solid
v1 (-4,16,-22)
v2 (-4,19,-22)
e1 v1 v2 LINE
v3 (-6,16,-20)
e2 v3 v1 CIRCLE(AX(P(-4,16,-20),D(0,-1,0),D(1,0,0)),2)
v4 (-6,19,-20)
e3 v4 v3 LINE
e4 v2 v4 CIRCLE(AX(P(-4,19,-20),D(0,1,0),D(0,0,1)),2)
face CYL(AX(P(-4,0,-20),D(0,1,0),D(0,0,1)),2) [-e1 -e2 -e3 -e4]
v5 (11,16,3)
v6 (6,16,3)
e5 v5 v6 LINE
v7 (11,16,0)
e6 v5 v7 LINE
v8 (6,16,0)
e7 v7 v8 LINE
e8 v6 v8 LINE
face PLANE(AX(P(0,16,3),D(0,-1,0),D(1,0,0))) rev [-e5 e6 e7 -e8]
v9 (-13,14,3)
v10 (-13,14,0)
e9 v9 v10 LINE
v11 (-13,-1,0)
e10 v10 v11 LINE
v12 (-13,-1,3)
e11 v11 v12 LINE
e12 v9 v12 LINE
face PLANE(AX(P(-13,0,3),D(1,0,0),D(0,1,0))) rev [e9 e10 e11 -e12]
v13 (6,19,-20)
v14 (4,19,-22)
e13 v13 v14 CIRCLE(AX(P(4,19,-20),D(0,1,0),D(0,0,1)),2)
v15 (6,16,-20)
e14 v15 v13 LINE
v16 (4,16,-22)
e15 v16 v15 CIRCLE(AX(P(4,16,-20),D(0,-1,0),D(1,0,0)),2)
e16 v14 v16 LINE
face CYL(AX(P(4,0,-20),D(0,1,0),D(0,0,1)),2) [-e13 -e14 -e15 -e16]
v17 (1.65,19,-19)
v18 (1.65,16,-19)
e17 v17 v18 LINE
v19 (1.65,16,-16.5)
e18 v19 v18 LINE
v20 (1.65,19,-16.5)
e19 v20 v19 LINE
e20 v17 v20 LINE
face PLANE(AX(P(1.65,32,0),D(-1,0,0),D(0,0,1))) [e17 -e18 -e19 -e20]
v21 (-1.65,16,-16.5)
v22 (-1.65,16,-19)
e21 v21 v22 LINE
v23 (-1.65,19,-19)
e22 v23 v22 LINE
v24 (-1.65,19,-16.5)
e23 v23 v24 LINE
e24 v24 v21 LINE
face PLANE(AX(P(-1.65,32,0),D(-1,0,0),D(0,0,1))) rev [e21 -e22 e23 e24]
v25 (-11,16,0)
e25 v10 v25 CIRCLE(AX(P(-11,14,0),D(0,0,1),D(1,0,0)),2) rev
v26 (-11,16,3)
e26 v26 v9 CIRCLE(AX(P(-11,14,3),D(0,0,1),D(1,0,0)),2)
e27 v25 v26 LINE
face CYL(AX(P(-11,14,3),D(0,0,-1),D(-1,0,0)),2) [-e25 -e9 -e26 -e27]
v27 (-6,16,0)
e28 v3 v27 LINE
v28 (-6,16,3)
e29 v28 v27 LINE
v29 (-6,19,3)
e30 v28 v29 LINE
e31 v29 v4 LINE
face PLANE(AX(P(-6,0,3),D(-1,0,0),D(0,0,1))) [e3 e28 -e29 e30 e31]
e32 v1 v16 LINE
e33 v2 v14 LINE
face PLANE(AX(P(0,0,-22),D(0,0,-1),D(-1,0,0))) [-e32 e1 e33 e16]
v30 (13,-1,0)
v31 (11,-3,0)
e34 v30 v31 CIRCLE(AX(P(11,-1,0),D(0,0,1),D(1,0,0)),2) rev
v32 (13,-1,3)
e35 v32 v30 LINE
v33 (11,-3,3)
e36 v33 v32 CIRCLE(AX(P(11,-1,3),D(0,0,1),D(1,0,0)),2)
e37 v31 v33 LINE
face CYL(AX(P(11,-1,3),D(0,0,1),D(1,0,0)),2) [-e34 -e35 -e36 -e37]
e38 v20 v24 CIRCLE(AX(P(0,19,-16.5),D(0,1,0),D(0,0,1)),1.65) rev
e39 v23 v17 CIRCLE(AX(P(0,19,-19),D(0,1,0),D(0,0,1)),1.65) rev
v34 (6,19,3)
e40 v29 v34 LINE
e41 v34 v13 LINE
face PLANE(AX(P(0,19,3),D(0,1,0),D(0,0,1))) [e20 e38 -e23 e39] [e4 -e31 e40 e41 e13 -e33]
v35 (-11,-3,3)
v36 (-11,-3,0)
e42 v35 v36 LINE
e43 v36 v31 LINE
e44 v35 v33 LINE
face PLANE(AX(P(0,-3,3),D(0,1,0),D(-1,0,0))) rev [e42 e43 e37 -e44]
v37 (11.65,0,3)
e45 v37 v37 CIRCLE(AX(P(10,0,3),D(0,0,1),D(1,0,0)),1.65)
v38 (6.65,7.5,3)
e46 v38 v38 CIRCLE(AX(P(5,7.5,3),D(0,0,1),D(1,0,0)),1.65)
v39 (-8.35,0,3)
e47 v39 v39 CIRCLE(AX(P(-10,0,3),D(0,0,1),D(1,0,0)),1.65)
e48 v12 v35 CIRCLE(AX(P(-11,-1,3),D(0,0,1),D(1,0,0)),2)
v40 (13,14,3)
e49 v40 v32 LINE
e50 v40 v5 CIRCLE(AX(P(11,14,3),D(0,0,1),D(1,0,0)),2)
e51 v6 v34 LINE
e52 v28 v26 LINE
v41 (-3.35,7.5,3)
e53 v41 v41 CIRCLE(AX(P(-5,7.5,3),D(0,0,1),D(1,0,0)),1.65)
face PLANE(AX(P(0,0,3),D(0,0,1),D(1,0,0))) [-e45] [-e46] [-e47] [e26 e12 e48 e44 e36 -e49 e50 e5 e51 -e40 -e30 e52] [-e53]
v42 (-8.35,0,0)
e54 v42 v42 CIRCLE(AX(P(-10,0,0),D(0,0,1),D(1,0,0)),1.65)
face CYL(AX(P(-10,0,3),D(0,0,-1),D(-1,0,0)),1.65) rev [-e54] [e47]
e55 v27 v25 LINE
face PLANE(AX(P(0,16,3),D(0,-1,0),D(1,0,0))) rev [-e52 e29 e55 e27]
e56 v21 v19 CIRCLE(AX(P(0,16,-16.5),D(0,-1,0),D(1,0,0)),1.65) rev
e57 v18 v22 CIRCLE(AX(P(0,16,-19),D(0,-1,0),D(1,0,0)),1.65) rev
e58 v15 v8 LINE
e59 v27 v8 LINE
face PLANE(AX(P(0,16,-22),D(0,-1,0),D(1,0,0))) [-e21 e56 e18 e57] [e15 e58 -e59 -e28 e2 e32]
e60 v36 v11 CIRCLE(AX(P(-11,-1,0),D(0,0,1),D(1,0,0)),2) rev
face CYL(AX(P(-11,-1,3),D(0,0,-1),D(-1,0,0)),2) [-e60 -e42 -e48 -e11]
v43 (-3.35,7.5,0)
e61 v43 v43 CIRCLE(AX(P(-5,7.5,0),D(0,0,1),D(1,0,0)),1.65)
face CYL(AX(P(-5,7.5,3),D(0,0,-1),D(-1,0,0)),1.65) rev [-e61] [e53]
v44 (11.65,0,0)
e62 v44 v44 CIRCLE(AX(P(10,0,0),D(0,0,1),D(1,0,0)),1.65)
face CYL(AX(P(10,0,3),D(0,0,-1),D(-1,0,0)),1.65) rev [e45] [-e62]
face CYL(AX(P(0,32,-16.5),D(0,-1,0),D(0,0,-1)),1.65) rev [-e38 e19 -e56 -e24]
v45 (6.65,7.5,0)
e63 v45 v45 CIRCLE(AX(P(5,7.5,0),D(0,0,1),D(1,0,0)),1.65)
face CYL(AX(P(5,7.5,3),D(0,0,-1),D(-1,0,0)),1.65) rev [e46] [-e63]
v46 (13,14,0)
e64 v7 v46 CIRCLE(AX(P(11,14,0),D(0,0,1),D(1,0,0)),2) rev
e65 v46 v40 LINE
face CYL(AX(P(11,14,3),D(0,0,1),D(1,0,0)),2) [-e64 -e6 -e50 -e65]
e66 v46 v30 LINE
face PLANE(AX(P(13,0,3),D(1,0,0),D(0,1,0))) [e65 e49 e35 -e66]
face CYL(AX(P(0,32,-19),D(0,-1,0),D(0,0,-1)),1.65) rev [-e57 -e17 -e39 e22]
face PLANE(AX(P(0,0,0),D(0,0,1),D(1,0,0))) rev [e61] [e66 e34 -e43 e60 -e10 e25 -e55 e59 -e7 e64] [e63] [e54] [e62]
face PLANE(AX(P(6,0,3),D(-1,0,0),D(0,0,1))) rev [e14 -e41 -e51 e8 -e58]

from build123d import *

# Parameters (mm, degrees)
SKETCH_1_R          = 1.65
EXTRUDE_1_DEPTH     = 3
SKETCH_2_W          = 12
SKETCH_2_H          = 3
EXTRUDE_2_DEPTH     = 22
CUT_EXTRUDE_2_DEPTH = 32
FILLET_1_R          = 2


with BuildPart() as part:
    # 草图1 → 凸台-拉伸1 (new body)
    with BuildSketch(Plane.XY):
        Polygon((-6, 16), (-13, 16), (-13, -3), (13, -3), (13, 16), (6, 16), (6, 19), (-6, 19), align=None)
        with Locations((-10, 0)):
            Circle(SKETCH_1_R, mode=Mode.SUBTRACT)
        with Locations((-5, 7.5)):
            Circle(SKETCH_1_R, mode=Mode.SUBTRACT)
        with Locations((10, 0)):
            Circle(SKETCH_1_R, mode=Mode.SUBTRACT)
        with Locations((5, 7.5)):
            Circle(SKETCH_1_R, mode=Mode.SUBTRACT)
    extrude(amount=EXTRUDE_1_DEPTH)

    # 草图2 → 凸台-拉伸2 (add)
    with BuildSketch(Plane(origin=(0, 0, 0), x_dir=(-1, 0, 0), z_dir=(0, 0, -1))):
        with Locations((0, 17.5)):
            Rectangle(SKETCH_2_W, SKETCH_2_H)
    extrude(amount=EXTRUDE_2_DEPTH)

    # 草图4 → 切除-拉伸2 (cut)
    with BuildSketch(Plane(origin=(0, 0, 0), x_dir=(1, 0, 0), z_dir=(0, 1, 0))):
        with BuildLine():
            Line((-1.65, 19), (-1.65, 16.5))
            ThreePointArc((-1.65, 16.5), (0, 14.85), (1.65, 16.5))
            Line((1.65, 16.5), (1.65, 19))
            ThreePointArc((1.65, 19), (0, 20.65), (-1.65, 19))
        make_face()
    extrude(amount=CUT_EXTRUDE_2_DEPTH, mode=Mode.SUBTRACT)

    # 圆角1
    fillet_1_edges = [part.edges().sort_by_distance(p)[0] for p in [
        (13, -3, 1.5),
        (-13, -3, 1.5),
        (-13, 16, 1.5),
        (13, 16, 1.5),
        (-6, 17.5, -22),
        (6, 17.5, -22),
    ]]
    fillet(fillet_1_edges, radius=FILLET_1_R)


solid = part.part
